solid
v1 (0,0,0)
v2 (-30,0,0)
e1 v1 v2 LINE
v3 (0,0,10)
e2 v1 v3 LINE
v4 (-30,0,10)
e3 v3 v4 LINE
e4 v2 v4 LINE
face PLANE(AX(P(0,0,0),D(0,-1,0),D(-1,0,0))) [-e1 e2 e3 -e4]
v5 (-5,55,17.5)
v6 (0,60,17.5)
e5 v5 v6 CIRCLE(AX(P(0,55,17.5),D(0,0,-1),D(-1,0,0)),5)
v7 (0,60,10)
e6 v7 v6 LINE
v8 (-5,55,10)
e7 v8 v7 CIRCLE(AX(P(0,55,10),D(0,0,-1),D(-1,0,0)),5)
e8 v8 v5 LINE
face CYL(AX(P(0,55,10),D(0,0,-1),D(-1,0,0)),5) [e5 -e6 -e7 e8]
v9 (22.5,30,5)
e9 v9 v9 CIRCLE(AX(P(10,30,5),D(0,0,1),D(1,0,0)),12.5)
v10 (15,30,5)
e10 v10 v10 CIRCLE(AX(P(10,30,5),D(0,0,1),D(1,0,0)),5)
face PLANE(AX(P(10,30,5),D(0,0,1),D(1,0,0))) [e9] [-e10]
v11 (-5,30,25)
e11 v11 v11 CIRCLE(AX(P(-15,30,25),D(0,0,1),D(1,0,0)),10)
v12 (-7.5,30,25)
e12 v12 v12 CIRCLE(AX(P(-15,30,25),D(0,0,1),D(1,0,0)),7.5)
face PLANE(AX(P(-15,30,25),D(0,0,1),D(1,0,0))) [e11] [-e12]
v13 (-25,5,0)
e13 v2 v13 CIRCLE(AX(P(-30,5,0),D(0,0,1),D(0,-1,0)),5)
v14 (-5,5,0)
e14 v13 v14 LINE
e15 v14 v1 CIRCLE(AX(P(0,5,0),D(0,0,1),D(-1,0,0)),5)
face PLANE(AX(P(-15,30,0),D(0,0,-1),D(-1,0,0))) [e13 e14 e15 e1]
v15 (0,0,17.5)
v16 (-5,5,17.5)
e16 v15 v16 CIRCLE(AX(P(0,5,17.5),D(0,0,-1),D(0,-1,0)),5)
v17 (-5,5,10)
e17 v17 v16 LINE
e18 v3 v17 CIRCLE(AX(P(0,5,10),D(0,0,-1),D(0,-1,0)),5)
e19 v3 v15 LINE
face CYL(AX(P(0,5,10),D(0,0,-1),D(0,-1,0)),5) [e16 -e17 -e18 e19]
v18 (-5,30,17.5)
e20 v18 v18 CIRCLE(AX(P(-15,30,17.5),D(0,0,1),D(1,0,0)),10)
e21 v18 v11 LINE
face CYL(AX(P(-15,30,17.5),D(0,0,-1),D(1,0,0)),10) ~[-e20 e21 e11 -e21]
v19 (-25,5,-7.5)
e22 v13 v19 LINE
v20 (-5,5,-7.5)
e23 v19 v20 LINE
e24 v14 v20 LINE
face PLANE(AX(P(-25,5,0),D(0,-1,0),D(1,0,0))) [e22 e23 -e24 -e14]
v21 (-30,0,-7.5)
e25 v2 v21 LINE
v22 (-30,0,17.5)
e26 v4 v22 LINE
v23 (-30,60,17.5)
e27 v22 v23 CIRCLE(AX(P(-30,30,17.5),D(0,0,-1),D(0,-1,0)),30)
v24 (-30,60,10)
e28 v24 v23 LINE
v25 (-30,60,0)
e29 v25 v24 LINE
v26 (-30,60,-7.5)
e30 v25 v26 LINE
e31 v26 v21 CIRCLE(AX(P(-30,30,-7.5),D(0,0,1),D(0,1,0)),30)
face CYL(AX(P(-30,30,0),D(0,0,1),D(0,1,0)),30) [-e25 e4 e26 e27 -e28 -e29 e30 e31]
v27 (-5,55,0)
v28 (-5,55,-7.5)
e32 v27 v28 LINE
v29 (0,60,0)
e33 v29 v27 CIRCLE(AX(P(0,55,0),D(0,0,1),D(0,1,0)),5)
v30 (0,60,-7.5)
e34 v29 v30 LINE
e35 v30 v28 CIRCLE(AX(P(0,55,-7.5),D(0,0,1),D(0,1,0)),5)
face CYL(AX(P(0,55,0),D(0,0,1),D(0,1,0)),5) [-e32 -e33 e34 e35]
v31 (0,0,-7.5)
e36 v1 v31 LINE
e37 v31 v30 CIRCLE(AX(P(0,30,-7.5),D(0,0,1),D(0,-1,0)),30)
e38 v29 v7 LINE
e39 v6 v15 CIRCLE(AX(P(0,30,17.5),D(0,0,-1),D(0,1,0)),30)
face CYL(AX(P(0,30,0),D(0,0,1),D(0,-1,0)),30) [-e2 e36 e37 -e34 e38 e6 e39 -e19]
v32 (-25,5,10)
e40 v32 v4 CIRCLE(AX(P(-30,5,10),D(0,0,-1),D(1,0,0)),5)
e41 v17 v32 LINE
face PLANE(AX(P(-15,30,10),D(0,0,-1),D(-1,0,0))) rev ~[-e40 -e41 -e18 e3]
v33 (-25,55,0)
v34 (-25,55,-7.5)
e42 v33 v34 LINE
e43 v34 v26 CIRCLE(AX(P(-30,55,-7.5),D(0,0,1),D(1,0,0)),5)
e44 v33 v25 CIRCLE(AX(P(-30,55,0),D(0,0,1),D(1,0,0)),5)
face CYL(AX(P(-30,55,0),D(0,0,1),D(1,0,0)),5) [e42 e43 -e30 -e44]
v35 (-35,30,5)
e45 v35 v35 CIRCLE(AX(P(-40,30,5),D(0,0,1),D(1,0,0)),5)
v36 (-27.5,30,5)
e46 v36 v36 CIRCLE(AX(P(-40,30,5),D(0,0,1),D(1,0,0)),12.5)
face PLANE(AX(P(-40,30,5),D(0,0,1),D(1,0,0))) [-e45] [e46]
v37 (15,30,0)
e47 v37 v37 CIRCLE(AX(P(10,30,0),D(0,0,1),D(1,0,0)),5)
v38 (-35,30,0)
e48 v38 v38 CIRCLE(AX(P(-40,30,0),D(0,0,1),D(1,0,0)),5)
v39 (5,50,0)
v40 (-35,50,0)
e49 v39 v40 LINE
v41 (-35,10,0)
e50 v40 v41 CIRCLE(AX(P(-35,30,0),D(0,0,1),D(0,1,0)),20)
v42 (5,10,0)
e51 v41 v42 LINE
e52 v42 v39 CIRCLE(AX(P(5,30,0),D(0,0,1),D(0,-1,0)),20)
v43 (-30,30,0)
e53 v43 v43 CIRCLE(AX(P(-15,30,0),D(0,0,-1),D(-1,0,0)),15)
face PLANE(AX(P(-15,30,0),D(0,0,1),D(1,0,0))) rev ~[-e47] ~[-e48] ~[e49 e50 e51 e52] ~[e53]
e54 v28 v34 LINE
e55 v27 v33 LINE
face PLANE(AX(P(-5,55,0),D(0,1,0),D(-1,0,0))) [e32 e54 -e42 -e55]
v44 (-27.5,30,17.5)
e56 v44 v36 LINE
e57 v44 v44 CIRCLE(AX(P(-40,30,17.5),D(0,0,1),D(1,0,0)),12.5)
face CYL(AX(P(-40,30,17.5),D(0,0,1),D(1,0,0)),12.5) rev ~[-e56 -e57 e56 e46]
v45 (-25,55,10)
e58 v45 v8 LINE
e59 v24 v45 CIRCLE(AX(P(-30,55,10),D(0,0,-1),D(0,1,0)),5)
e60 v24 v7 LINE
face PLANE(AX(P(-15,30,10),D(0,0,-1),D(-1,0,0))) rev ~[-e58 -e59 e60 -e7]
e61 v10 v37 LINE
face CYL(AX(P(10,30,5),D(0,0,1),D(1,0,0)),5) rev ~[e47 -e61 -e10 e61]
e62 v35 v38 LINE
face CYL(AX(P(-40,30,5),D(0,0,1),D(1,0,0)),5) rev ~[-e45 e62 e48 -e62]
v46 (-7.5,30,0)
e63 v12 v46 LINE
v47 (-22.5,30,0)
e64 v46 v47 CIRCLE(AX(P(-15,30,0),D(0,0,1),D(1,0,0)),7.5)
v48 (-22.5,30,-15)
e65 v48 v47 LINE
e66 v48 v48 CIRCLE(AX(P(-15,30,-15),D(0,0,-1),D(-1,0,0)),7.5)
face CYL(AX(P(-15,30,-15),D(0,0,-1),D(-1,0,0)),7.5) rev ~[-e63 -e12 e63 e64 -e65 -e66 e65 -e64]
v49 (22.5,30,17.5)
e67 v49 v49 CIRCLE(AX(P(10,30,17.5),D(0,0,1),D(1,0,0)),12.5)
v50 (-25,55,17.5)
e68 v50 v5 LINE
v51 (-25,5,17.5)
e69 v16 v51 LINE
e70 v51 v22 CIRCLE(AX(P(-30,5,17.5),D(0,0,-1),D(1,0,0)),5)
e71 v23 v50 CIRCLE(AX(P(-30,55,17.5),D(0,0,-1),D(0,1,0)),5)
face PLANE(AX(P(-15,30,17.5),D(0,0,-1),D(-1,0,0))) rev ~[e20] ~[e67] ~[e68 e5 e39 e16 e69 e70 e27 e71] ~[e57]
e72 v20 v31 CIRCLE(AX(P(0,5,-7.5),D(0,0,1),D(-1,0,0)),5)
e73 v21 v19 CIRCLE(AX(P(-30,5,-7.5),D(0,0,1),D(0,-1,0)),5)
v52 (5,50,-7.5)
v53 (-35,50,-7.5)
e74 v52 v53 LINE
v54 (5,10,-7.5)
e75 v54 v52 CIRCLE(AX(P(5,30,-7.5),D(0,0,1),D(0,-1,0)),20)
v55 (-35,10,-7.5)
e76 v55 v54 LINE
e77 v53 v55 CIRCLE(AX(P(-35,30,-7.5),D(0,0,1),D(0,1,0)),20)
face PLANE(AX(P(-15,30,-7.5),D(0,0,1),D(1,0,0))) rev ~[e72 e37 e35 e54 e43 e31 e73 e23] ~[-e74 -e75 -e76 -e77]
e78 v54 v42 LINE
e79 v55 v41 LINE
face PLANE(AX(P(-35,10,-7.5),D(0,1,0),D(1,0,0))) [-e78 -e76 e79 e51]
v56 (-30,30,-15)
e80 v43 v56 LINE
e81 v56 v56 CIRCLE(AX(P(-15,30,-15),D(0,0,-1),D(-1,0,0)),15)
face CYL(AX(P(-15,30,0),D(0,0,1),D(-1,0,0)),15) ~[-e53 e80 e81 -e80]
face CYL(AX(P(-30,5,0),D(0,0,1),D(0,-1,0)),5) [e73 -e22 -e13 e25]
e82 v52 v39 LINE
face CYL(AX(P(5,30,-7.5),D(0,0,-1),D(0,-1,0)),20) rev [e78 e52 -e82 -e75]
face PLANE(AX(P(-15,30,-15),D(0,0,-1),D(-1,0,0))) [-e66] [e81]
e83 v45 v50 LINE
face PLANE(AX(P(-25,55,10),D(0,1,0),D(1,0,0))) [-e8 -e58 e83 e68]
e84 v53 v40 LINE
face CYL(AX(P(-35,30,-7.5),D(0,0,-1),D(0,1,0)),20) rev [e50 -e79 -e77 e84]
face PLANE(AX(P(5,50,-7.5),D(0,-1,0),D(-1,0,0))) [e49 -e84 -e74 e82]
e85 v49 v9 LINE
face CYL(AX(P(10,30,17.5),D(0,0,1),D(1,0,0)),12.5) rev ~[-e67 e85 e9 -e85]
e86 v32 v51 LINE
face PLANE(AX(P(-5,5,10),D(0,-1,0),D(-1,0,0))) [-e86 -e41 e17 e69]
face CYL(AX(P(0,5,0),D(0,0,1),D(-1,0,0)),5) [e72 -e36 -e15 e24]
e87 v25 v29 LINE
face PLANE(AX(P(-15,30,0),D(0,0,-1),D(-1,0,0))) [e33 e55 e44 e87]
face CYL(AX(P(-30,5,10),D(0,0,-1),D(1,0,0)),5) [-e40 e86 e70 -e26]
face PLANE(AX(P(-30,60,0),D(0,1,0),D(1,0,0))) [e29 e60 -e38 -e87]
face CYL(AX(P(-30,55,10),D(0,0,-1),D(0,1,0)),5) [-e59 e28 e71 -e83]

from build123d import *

# Parameters (mm, degrees)
BOSS_EXTRUDE1_DEPTH = 10
BOSS_EXTRUDE2_DEPTH = 7.5
BOSS_EXTRUDE3_DEPTH = 7.5
CUT_EXTRUDE1_DEPTH  = 7.5
SKETCH5_R           = 12.5
CUT_EXTRUDE3_DEPTH  = 12.5
SKETCH6_R           = 5
CUT_EXTRUDE4_DEPTH  = 17.5
SKETCH7_R           = 10
BOSS_EXTRUDE4_DEPTH = 7.5
SKETCH8_R           = 7.5
CUT_EXTRUDE5_DEPTH  = 25
SKETCH10_R          = 15
BOSS_EXTRUDE6_DEPTH = 15
SKETCH11_R          = 7.5
CUT_EXTRUDE6_DEPTH  = 20


with BuildPart() as part:
    # Sketch1 → Boss-Extrude1 (new body)
    with BuildSketch(Plane.XY):
        with BuildLine():
            Line((-30, 60), (0, 60))
            ThreePointArc((0, 60), (30, 30), (0, 0))
            Line((0, 0), (-30, 0))
            ThreePointArc((-30, 0), (-60, 30), (-30, 60))
        make_face()
    extrude(amount=BOSS_EXTRUDE1_DEPTH)

    # Sketch2 → Boss-Extrude2 (add)
    with BuildSketch(Plane.XY.offset(10)):
        with BuildLine():
            Line((-25, 55), (-5, 55))
            ThreePointArc((-5, 55), (-3.535533906, 58.535533906), (0, 60))
            ThreePointArc((0, 60), (30, 30), (0, 0))
            ThreePointArc((0, 0), (-3.535533906, 1.464466094), (-5, 5))
            Line((-5, 5), (-25, 5))
            ThreePointArc((-25, 5), (-26.464466094, 1.464466094), (-30, 0))
            ThreePointArc((-30, 0), (-60, 30), (-30, 60))
            ThreePointArc((-30, 60), (-26.464466094, 58.535533906), (-25, 55))
        make_face()
    extrude(amount=BOSS_EXTRUDE2_DEPTH)

    # Sketch3 → Boss-Extrude3 (add)
    with BuildSketch(Plane(origin=(0, 0, 0), x_dir=(-1, 0, 0), z_dir=(0, 0, -1))):
        with BuildLine():
            Line((5, 55), (25, 55))
            ThreePointArc((25, 55), (26.464466094, 58.535533906), (30, 60))
            ThreePointArc((30, 60), (60, 30), (30, 0))
            ThreePointArc((30, 0), (26.464466094, 1.464466094), (25, 5))
            Line((25, 5), (5, 5))
            ThreePointArc((5, 5), (3.535533906, 1.464466094), (0, 0))
            ThreePointArc((0, 0), (-30, 30), (0, 60))
            ThreePointArc((0, 60), (3.535533906, 58.535533906), (5, 55))
        make_face()
    extrude(amount=BOSS_EXTRUDE3_DEPTH)

    # Sketch4 → Cut-Extrude1 (cut)
    with BuildSketch(Plane(origin=(0, 0, -7.5), x_dir=(-1, 0, 0), z_dir=(0, 0, -1))):
        with BuildLine():
            Line((-5, 50), (35, 50))
            ThreePointArc((35, 50), (55, 30), (35, 10))
            Line((35, 10), (-5, 10))
            ThreePointArc((-5, 10), (-25, 30), (-5, 50))
        make_face()
    extrude(amount=-CUT_EXTRUDE1_DEPTH, mode=Mode.SUBTRACT)

    # Sketch5 → Cut-Extrude3 (cut)
    with BuildSketch(Plane.XY.offset(17.5)):
        with Locations((10, 30)):
            Circle(SKETCH5_R)
        with Locations((-40, 30)):
            Circle(SKETCH5_R)
    extrude(amount=-CUT_EXTRUDE3_DEPTH, mode=Mode.SUBTRACT)

    # Sketch6 → Cut-Extrude4 (cut)
    with BuildSketch(Plane.XY.offset(5)):
        with Locations((10, 30)):
            Circle(SKETCH6_R)
        with Locations((-40, 30)):
            Circle(SKETCH6_R)
    extrude(amount=-CUT_EXTRUDE4_DEPTH, mode=Mode.SUBTRACT)

    # Sketch7 → Boss-Extrude4 (add)
    with BuildSketch(Plane.XY.offset(17.5)):
        with Locations((-15, 30)):
            Circle(SKETCH7_R)
    extrude(amount=BOSS_EXTRUDE4_DEPTH)

    # Sketch8 → Cut-Extrude5 (cut)
    with BuildSketch(Plane.XY.offset(25)):
        with Locations((-15, 30)):
            Circle(SKETCH8_R)
    extrude(amount=-CUT_EXTRUDE5_DEPTH, mode=Mode.SUBTRACT)

    # Sketch10 → Boss-Extrude6 (add)
    with BuildSketch(Plane(origin=(0, 0, 0), x_dir=(-1, 0, 0), z_dir=(0, 0, -1))):
        with Locations((15, 30)):
            Circle(SKETCH10_R)
    extrude(amount=BOSS_EXTRUDE6_DEPTH)

    # Sketch11 → Cut-Extrude6 (cut)
    with BuildSketch(Plane(origin=(0, 0, -15), x_dir=(-1, 0, 0), z_dir=(0, 0, -1))):
        with Locations((15, 30)):
            Circle(SKETCH11_R)
    extrude(amount=-CUT_EXTRUDE6_DEPTH, mode=Mode.SUBTRACT)


solid = part.part
